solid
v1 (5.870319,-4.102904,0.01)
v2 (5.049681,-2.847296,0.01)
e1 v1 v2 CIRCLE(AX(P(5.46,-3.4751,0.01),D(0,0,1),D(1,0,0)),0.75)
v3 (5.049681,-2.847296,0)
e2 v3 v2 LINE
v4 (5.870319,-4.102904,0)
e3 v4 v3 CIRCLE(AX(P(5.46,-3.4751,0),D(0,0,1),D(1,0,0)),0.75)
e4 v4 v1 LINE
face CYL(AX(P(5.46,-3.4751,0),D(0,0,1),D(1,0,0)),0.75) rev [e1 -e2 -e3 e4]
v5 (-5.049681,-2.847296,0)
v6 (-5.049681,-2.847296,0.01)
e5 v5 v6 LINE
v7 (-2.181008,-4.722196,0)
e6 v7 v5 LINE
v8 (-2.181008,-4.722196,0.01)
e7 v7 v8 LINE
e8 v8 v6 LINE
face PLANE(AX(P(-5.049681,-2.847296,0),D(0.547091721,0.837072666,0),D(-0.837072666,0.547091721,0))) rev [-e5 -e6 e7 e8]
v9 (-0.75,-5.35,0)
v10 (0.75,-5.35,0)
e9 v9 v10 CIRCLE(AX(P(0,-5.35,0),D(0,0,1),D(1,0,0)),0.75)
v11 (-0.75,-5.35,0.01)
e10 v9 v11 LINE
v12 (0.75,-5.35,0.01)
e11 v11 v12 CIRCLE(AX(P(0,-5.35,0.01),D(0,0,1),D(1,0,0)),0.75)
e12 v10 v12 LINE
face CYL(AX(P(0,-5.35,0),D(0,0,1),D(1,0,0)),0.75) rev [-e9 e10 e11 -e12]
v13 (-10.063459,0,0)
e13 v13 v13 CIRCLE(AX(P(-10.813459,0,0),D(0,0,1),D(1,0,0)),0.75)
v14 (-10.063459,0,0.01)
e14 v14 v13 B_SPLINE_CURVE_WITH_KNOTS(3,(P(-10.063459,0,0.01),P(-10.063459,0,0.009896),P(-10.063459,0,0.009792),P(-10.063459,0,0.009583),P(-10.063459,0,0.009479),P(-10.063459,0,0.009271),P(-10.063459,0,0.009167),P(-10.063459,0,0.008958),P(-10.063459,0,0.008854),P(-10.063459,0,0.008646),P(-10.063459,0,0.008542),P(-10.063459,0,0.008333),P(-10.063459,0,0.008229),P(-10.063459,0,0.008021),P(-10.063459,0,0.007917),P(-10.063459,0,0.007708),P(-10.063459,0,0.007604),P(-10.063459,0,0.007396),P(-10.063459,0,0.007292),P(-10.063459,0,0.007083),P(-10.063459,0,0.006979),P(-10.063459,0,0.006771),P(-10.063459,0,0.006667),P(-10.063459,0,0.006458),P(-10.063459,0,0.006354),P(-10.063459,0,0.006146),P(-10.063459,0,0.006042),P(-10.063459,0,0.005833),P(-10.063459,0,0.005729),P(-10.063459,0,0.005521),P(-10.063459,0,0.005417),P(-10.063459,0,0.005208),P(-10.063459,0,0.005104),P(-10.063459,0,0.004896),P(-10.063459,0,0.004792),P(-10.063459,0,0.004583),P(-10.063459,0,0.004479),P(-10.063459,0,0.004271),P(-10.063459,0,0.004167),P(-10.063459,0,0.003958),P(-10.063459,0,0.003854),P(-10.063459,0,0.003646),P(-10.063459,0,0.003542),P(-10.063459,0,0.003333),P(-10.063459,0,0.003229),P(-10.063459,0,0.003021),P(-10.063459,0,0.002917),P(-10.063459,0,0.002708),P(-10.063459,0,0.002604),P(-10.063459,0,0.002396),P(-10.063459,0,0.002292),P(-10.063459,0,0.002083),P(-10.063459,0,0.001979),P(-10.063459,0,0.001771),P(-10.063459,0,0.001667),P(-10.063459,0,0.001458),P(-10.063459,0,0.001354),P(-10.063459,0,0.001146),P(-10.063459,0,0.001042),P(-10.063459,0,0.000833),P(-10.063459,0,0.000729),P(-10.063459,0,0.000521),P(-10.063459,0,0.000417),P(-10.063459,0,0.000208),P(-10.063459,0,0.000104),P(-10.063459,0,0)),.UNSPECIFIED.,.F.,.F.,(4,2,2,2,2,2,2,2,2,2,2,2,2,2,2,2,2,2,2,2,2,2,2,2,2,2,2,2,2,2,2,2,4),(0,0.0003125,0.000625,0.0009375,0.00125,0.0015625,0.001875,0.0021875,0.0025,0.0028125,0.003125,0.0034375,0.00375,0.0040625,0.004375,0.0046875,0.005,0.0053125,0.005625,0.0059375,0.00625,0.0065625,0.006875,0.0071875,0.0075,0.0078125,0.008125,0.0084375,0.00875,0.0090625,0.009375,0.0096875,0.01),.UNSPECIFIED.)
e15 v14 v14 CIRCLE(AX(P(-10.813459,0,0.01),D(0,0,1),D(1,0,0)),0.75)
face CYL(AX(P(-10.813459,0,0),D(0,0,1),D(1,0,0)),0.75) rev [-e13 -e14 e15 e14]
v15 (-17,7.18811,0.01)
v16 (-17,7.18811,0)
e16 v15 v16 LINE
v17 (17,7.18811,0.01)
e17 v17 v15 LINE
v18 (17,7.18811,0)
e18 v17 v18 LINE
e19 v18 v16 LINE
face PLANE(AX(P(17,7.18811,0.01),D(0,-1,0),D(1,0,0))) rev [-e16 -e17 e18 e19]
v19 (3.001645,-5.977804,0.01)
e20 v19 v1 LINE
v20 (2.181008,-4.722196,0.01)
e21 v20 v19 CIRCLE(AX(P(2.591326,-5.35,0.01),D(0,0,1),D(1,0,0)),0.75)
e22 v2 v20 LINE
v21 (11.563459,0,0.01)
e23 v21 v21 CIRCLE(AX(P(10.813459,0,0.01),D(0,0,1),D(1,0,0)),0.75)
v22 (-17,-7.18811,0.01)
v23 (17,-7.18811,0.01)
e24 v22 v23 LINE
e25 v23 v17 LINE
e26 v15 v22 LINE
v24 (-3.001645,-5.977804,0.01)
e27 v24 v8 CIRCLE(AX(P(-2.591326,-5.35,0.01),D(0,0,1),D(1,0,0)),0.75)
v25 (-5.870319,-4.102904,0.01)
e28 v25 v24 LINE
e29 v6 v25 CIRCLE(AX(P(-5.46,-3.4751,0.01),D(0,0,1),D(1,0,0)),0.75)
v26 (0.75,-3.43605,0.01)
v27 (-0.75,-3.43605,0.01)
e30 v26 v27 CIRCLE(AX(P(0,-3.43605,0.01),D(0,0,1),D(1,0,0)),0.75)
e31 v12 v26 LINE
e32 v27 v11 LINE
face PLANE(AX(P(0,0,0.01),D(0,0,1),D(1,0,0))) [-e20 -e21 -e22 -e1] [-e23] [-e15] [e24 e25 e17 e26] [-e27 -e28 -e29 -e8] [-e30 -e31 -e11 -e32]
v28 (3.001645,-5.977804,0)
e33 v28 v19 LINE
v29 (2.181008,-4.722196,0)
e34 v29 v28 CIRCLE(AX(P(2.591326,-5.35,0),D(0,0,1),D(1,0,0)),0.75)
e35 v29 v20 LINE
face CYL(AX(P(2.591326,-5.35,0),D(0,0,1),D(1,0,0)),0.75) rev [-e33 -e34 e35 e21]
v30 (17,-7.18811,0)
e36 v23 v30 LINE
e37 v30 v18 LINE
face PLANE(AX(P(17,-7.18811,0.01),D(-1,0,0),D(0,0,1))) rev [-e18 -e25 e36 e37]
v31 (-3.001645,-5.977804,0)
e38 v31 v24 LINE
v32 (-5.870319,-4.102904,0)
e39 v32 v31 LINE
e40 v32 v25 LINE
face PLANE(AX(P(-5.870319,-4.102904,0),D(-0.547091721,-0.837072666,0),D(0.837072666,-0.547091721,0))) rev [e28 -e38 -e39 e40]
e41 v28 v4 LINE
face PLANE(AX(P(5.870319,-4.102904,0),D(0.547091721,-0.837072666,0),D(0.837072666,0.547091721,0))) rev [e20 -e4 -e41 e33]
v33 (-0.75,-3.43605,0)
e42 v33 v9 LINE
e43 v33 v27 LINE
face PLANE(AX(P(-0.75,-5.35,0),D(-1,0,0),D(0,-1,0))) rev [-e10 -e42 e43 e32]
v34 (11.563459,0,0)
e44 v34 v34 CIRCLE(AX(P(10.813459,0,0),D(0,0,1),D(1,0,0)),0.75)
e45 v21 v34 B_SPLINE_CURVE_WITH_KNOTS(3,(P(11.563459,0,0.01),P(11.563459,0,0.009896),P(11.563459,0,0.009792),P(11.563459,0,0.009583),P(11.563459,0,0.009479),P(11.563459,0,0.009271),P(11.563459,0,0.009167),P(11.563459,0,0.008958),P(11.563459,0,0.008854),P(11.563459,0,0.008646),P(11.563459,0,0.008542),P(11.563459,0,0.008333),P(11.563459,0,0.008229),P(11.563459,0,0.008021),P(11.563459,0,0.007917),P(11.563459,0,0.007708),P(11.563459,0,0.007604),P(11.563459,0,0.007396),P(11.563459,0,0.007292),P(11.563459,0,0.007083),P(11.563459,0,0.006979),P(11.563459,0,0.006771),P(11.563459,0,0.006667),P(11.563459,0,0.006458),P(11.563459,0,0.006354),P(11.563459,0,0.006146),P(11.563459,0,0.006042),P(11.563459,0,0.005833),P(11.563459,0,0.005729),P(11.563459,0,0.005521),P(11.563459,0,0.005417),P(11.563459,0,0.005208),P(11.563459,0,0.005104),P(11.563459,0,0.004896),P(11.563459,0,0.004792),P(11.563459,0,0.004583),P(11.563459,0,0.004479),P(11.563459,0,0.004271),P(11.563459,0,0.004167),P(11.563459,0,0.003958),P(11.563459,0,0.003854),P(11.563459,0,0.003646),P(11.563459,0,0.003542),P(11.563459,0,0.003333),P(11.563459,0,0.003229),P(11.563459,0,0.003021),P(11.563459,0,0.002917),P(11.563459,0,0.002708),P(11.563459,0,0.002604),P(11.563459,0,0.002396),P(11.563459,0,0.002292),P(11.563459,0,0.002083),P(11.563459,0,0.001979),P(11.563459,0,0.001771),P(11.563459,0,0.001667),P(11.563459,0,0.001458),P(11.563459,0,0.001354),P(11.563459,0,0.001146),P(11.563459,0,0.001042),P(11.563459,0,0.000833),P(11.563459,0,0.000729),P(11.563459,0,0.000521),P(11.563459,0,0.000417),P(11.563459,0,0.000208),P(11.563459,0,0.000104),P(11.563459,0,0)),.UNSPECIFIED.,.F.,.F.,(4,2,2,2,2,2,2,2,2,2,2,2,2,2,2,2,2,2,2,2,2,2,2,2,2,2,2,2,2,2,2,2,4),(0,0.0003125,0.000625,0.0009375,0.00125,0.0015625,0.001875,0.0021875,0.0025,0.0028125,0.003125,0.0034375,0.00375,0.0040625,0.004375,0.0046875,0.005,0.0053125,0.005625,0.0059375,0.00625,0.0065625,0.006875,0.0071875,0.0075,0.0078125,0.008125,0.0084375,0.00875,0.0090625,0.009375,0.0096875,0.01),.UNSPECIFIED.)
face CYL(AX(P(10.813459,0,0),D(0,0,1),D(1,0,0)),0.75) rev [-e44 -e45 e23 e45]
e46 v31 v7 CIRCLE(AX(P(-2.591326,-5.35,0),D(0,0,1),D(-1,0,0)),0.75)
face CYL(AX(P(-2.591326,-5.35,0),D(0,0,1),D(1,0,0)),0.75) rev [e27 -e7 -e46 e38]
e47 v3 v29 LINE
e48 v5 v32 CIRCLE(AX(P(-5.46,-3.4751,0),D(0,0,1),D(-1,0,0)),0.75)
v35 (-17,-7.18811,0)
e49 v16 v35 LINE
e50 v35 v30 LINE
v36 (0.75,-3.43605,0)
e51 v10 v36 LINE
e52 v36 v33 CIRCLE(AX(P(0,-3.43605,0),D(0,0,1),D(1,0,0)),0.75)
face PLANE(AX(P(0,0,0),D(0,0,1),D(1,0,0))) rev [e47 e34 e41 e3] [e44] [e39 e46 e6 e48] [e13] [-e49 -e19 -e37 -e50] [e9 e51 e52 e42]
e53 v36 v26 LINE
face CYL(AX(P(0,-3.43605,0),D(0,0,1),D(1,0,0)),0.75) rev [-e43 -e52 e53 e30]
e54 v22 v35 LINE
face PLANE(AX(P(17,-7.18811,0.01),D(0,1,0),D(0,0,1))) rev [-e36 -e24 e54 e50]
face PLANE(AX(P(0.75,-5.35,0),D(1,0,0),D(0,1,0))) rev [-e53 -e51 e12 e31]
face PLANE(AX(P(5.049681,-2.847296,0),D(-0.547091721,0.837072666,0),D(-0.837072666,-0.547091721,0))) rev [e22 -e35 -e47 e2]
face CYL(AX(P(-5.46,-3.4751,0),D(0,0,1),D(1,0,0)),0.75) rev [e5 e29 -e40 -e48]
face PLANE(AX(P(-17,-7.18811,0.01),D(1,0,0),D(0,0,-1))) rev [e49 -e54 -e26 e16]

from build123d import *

# Parameters (mm, degrees)
SKETCH1_W               = 34
SKETCH1_H               = 14.37622091
BOSS_EXTRUDE1_DEPTH     = 0.01
CUT_EXTRUDE1_DEPTH      = 19.457221674
CUT_EXTRUDE1_DEPTH_BACK = 19.457221674
SKETCH2_R               = 0.75


with BuildPart() as part:
    # Sketch1 → Boss-Extrude1 (new body)
    with BuildSketch(Plane.XY):
        Rectangle(SKETCH1_W, SKETCH1_H)
    extrude(amount=BOSS_EXTRUDE1_DEPTH)

    # Sketch2 → Cut-Extrude1 (cut, two sides: drawn at the far end of the back side and taken through both)
    with BuildSketch(Plane.XY.offset(0.01).offset(-CUT_EXTRUDE1_DEPTH_BACK)):
        with Locations((10.813459435, 0)):
            Circle(SKETCH2_R)
        with Locations((-10.813459435, 0)):
            Circle(SKETCH2_R)
        with BuildLine():
            Line((5.870318791, -4.1029045), (3.001645254, -5.9778045))
            ThreePointArc((3.001645254, -5.9778045), (1.963521963, -5.760318791), (2.181007672, -4.7221955))
            Line((2.181007672, -4.7221955), (5.049681209, -2.8472955))
            ThreePointArc((5.049681209, -2.8472955), (6.0878045, -3.064781209), (5.870318791, -4.1029045))
        make_face()
        with BuildLine():
            Line((-5.870318791, -4.1029045), (-3.001645254, -5.9778045))
            ThreePointArc((-3.001645254, -5.9778045), (-1.963521963, -5.760318791), (-2.181007672, -4.7221955))
            Line((-2.181007672, -4.7221955), (-5.049681209, -2.8472955))
            ThreePointArc((-5.049681209, -2.8472955), (-6.0878045, -3.064781209), (-5.870318791, -4.1029045))
        make_face()
        with BuildLine():
            Line((-0.75, -5.35), (-0.75, -3.43605))
            ThreePointArc((-0.75, -3.43605), (0, -2.68605), (0.75, -3.43605))
            Line((0.75, -3.43605), (0.75, -5.35))
            ThreePointArc((0.75, -5.35), (0, -6.1), (-0.75, -5.35))
        make_face()
    extrude(amount=CUT_EXTRUDE1_DEPTH + CUT_EXTRUDE1_DEPTH_BACK, mode=Mode.SUBTRACT)


solid = part.part
